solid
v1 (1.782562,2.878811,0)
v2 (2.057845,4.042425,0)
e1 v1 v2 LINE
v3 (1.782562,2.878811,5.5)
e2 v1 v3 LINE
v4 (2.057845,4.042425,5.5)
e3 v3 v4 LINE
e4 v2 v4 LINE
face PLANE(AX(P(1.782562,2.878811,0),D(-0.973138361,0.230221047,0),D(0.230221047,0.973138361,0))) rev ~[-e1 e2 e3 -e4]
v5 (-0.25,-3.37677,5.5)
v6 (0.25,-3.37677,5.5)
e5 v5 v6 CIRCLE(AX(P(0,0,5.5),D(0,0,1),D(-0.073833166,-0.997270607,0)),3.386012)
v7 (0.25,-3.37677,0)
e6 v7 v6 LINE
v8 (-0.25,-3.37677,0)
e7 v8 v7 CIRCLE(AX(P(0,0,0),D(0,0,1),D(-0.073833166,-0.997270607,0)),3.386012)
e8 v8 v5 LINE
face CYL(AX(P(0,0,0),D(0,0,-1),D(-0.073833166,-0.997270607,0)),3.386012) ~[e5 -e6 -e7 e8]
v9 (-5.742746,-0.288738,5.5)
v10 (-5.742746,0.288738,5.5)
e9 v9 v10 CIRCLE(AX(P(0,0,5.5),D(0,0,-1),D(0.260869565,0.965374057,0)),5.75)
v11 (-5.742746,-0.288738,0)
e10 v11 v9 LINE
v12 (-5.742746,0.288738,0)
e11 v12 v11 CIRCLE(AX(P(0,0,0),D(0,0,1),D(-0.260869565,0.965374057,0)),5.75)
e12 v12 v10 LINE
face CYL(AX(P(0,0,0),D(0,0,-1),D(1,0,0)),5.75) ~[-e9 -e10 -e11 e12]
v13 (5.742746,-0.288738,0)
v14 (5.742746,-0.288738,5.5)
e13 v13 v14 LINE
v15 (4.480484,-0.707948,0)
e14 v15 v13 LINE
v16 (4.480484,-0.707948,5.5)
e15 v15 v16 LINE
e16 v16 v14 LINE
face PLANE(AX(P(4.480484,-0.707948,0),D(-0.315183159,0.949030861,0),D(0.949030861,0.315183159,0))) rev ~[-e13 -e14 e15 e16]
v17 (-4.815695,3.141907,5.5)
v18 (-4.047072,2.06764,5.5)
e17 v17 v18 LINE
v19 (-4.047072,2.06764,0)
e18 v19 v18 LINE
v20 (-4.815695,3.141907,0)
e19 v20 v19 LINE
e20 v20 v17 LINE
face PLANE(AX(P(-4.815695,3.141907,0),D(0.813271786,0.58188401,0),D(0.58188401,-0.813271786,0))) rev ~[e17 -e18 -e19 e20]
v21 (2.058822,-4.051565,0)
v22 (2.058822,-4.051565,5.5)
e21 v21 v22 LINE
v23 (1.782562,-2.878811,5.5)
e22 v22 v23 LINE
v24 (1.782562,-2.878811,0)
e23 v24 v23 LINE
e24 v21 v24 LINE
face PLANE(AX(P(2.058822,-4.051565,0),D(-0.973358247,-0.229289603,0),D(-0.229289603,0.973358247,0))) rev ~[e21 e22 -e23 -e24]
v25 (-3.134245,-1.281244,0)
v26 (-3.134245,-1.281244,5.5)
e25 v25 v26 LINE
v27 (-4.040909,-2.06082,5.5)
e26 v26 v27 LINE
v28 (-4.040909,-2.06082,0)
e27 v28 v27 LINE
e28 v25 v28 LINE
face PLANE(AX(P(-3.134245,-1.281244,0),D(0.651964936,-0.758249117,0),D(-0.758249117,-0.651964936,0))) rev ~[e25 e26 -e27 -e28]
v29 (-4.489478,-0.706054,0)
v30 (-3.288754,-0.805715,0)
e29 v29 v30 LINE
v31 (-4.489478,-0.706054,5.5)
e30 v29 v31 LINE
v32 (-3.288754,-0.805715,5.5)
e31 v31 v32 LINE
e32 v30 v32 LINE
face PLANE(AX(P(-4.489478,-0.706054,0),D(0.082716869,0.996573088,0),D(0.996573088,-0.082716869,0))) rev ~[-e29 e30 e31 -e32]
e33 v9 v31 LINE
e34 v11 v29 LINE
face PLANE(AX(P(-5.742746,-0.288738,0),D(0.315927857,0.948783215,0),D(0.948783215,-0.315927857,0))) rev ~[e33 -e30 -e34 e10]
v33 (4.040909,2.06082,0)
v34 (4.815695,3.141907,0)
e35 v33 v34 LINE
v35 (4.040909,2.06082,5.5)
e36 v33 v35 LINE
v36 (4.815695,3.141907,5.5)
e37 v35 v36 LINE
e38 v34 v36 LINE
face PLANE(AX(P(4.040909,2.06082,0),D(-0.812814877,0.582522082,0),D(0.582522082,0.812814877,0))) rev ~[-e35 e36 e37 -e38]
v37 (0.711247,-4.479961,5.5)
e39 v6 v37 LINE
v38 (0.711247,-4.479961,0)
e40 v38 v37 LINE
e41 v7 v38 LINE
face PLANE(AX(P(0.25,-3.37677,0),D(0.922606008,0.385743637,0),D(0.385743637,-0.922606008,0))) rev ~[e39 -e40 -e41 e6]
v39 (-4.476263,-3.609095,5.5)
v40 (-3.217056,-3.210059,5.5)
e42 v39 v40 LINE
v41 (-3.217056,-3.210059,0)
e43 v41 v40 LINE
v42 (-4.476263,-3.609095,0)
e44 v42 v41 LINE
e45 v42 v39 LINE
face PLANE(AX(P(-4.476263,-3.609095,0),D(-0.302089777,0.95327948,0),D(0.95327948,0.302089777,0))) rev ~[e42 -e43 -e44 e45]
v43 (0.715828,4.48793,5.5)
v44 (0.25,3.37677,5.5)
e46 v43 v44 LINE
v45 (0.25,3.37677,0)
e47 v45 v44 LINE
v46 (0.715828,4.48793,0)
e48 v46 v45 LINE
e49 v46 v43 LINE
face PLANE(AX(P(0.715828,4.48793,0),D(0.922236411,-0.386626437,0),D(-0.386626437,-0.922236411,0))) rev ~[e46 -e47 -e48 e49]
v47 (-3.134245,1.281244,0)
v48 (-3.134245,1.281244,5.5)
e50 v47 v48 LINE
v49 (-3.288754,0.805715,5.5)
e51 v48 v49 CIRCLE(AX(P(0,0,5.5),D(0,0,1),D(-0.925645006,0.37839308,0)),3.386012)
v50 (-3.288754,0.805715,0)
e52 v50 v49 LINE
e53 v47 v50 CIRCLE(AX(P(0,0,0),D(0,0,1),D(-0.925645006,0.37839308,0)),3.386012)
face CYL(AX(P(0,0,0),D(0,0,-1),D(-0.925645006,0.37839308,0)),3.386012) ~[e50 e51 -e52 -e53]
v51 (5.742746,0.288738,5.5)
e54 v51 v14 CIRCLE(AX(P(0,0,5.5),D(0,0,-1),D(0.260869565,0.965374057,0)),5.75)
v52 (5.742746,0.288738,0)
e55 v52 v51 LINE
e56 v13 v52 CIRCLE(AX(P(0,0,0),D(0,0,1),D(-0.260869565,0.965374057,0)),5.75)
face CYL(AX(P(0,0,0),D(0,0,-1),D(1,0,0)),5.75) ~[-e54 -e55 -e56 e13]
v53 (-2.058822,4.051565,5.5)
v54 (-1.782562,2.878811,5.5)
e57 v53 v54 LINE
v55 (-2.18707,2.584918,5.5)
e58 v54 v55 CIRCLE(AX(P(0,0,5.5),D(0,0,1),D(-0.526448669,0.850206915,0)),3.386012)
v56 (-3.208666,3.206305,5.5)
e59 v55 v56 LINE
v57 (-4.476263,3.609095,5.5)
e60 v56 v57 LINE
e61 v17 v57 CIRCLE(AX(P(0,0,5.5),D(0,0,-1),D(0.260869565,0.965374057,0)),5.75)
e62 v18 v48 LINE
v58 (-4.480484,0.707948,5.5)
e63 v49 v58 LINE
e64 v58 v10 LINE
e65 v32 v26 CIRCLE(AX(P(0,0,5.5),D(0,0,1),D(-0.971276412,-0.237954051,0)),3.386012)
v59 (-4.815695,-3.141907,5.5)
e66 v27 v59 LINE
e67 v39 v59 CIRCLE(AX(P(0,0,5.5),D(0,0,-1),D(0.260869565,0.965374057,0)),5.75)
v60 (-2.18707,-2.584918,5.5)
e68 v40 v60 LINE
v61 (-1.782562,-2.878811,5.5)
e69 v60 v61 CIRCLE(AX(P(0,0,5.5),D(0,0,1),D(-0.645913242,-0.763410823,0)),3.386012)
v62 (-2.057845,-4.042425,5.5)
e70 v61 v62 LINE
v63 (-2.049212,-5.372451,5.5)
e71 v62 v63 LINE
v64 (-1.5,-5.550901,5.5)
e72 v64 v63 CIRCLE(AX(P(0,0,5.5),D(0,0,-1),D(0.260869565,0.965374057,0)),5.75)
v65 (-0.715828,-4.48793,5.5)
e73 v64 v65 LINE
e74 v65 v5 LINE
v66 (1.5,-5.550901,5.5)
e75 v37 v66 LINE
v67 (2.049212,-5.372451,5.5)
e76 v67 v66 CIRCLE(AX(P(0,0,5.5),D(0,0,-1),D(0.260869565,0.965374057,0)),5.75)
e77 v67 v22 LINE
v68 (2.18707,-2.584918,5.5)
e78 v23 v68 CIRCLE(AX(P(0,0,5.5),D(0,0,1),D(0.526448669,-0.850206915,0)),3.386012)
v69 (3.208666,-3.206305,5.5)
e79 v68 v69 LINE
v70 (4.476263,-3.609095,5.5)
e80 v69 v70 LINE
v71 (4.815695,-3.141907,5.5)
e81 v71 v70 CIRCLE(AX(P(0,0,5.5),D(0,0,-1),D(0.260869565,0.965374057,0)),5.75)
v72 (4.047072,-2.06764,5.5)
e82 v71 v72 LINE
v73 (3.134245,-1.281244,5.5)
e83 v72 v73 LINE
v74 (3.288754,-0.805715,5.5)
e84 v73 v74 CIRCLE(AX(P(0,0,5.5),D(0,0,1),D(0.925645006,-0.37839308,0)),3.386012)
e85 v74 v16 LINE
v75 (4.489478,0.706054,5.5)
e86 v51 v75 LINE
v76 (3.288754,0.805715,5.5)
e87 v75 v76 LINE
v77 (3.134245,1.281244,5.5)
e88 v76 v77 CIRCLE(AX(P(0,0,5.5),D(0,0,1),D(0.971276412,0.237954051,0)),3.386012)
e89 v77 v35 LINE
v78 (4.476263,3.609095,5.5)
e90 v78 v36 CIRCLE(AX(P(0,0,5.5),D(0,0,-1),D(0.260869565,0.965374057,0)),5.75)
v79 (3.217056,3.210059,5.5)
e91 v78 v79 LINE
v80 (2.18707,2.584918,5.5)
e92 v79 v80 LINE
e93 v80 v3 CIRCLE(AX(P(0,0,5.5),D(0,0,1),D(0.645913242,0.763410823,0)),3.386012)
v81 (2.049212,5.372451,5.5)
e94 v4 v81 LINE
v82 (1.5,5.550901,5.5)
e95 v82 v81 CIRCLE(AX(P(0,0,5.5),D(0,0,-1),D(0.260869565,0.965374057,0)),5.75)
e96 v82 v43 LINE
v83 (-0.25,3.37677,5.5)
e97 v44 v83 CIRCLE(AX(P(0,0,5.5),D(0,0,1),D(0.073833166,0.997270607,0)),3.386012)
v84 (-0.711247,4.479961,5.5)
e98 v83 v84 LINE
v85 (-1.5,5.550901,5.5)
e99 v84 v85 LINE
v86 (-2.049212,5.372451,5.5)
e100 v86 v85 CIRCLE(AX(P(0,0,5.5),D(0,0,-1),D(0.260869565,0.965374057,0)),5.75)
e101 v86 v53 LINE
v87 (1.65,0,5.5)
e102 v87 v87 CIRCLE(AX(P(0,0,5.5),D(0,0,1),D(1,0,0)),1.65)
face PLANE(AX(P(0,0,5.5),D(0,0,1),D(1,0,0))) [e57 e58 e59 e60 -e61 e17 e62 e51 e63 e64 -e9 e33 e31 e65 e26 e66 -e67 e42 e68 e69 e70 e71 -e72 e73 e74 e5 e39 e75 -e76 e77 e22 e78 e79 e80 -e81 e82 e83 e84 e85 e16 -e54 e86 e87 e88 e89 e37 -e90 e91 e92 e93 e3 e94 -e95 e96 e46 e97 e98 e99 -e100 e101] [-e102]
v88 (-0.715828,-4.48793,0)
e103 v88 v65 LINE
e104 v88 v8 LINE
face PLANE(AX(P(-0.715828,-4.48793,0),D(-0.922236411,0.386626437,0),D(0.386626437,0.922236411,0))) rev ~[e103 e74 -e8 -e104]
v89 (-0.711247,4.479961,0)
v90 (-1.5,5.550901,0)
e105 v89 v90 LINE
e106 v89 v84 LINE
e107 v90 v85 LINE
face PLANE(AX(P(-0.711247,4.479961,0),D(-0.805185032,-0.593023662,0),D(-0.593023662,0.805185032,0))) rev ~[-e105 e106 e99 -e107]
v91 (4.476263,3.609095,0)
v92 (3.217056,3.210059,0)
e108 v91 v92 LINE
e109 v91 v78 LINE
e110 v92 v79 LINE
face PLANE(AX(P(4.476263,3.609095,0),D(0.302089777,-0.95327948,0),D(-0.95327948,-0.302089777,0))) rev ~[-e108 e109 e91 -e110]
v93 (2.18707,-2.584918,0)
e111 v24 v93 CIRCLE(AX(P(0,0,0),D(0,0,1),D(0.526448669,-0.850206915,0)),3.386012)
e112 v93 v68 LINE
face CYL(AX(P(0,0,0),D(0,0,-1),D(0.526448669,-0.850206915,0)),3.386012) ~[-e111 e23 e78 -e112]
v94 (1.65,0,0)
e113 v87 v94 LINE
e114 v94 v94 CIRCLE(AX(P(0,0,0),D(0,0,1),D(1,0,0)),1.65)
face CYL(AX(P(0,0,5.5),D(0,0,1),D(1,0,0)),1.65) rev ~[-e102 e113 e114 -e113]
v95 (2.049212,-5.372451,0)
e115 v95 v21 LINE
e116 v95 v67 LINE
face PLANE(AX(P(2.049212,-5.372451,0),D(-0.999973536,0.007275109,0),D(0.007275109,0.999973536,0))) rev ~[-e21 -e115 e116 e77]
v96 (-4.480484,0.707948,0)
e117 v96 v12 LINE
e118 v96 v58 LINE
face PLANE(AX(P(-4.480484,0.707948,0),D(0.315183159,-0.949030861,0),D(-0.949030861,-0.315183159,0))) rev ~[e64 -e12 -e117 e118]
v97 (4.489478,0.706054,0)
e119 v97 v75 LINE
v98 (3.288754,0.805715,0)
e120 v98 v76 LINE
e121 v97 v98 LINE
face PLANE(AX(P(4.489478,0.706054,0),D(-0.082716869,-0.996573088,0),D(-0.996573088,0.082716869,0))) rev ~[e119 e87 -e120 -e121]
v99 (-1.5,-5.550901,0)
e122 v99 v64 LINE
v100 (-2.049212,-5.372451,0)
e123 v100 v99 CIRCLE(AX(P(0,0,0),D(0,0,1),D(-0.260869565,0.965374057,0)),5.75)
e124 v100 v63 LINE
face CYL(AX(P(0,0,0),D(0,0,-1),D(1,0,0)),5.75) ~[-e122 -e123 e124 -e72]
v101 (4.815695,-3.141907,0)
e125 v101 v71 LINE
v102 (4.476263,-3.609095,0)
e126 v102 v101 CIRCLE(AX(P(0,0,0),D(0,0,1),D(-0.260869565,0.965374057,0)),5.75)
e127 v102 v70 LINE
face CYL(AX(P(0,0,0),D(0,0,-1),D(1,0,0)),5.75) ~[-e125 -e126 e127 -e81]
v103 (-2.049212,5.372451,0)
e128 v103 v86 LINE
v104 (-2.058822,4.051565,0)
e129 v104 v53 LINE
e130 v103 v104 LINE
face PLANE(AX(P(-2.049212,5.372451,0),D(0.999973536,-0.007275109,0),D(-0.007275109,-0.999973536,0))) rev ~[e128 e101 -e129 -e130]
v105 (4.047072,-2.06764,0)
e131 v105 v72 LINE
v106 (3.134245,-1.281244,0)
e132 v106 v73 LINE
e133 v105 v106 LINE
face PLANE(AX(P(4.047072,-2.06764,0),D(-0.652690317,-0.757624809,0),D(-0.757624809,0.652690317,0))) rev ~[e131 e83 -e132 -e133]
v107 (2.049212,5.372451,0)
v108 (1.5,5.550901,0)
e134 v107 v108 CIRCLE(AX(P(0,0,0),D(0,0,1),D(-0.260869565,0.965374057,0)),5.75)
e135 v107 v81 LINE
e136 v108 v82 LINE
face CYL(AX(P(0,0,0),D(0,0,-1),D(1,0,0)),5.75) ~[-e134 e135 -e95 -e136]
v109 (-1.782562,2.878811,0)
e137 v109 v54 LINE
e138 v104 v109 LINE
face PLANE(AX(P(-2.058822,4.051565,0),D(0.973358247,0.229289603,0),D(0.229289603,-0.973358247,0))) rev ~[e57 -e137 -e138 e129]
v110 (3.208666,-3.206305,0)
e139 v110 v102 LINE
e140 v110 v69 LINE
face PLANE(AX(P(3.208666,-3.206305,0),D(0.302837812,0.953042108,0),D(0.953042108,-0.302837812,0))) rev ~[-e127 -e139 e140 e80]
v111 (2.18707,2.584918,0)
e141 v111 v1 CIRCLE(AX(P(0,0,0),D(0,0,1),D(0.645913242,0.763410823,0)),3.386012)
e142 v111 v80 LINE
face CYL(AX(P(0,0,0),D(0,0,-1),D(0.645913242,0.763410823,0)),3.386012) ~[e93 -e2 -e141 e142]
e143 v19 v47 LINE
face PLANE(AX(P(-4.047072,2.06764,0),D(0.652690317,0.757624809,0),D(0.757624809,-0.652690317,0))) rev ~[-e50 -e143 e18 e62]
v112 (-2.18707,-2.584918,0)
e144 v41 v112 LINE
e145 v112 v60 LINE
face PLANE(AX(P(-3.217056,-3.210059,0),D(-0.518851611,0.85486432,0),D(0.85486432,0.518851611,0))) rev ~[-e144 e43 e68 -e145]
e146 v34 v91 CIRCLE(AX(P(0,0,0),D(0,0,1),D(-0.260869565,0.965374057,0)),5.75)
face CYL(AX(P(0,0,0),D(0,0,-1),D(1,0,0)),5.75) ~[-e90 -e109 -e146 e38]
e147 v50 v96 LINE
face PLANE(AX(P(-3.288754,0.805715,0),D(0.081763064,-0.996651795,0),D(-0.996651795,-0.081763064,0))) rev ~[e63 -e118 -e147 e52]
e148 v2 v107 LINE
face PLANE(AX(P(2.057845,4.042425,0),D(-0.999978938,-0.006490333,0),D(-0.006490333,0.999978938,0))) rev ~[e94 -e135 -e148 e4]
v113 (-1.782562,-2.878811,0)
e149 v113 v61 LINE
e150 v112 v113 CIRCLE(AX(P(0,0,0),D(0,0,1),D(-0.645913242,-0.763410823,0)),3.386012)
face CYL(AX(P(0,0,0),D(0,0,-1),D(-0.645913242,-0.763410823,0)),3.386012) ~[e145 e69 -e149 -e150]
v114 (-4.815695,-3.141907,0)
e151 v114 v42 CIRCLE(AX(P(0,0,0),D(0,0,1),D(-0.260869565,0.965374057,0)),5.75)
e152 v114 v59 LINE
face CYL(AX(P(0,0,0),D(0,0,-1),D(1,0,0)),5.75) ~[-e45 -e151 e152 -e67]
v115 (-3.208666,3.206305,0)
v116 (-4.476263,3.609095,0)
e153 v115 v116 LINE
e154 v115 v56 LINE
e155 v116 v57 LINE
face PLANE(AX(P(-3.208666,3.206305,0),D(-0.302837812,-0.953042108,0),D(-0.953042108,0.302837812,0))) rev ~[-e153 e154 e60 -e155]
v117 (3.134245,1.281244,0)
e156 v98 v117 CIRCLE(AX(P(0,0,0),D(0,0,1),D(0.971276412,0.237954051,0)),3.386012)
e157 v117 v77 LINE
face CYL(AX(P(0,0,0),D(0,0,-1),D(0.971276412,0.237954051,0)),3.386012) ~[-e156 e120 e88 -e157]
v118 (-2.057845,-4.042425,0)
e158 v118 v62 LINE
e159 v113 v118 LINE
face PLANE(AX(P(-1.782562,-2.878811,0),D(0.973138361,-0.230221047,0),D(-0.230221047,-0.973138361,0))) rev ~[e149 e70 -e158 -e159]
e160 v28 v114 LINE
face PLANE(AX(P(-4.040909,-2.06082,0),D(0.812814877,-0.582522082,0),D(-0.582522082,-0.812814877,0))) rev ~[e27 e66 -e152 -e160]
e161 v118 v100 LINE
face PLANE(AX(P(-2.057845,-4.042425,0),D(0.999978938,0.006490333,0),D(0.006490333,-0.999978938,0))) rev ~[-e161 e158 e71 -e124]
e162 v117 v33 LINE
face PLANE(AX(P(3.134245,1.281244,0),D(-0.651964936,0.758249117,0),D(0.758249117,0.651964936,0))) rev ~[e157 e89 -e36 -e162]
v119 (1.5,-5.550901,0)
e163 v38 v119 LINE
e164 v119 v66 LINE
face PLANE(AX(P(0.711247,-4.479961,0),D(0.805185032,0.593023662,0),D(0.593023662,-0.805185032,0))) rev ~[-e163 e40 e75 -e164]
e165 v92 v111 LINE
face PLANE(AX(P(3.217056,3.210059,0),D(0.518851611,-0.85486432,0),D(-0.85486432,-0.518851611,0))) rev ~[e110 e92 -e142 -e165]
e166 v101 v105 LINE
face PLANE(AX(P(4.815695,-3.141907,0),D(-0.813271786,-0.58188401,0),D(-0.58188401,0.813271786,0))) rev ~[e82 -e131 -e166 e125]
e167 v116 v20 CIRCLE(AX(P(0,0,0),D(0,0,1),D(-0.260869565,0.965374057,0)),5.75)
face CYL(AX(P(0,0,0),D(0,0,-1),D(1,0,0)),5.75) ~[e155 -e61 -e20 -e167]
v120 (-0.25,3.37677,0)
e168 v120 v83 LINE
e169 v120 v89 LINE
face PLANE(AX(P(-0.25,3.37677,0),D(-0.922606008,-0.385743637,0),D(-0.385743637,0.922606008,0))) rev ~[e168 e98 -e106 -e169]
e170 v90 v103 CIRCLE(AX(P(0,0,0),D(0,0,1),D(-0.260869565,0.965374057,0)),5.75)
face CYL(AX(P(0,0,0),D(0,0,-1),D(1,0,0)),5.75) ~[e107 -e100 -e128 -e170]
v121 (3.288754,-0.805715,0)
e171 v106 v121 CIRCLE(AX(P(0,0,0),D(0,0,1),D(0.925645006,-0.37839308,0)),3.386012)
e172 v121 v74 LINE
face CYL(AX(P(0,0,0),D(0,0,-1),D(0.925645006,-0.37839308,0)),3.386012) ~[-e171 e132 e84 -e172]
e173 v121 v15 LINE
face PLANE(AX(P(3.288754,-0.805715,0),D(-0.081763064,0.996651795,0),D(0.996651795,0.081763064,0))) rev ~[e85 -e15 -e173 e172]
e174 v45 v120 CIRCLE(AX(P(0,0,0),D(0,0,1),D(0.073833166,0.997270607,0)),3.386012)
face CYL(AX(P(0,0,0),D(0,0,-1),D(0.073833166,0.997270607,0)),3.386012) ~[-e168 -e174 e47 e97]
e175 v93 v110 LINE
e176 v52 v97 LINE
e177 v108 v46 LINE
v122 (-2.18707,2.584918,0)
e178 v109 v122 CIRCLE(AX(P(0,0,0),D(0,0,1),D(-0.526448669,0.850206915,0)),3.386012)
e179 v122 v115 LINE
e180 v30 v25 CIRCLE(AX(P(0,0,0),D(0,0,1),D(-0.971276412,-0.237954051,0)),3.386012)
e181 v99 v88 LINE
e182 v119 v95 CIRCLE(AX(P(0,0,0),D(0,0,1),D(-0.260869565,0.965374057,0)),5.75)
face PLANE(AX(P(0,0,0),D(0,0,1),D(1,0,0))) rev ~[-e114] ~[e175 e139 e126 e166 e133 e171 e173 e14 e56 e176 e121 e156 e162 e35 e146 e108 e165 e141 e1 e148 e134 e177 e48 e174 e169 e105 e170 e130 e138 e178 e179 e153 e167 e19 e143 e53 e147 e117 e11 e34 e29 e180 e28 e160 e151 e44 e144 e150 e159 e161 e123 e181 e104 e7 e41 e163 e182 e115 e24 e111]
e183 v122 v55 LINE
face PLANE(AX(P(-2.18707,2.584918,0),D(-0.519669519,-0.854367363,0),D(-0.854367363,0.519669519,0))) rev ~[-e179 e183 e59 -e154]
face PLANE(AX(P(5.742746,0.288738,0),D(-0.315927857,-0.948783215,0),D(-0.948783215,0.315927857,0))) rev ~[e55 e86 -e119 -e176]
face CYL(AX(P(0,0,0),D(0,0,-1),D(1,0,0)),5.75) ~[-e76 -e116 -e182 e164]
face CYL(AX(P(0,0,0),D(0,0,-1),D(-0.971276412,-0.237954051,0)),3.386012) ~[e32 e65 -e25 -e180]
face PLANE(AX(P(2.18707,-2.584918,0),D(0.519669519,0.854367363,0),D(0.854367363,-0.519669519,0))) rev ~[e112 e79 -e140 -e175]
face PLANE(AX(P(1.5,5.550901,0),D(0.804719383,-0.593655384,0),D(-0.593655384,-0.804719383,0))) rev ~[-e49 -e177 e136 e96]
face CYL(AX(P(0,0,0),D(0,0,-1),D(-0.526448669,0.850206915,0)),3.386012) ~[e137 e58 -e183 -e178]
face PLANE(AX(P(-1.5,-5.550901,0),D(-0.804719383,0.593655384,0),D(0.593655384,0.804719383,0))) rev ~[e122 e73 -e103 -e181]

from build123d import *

# Parameters (mm, degrees)
SKETCH1_R           = 5.75
BOSS_EXTRUDE1_DEPTH = 5.5
SKETCH2_R           = 1.65
CUT_EXTRUDE1_DEPTH  = 5.5
CUT_EXTRUDE3_START  = -5.5
CUT_EXTRUDE3_DEPTH  = 5.5
CIRPATTERN2_COUNT   = 10


with BuildPart() as part:
    # Sketch1 → Boss-Extrude1 (new body)
    with BuildSketch(Plane.XY):
        Circle(SKETCH1_R)
    extrude(amount=BOSS_EXTRUDE1_DEPTH)

    # Sketch2 → Cut-Extrude1 (cut)
    with BuildSketch(Plane.XY.offset(5.5)):
        Circle(SKETCH2_R)
    extrude(amount=-CUT_EXTRUDE1_DEPTH, mode=Mode.SUBTRACT)

    # Sketch5 → Cut-Extrude3 (cut)
    with BuildSketch(Plane.XY.offset(5.5).offset(CUT_EXTRUDE3_START)):
        with BuildLine():
            Line((-0.25, 3.376770386), (-0.711246658, 4.479961461))
            Line((-0.711246658, 4.479961461), (-1.5, 5.550900828))
            ThreePointArc((-1.5, 5.550900828), (0, 5.75), (1.5, 5.550900828))
            Line((1.5, 5.550900828), (0.715828266, 4.487930272))
            Line((0.715828266, 4.487930272), (0.25, 3.376770386))
            ThreePointArc((0.25, 3.376770386), (0, 3.386012144), (-0.25, 3.376770386))
        make_face()
    cut_extrude3 = extrude(amount=CUT_EXTRUDE3_DEPTH, mode=Mode.SUBTRACT)

    # CirPattern2: Cut-Extrude3 ×10 about axis
    cirpattern2_axis = Axis((0, 0, 0), (0, 0, 1))
    for i in range(1, CIRPATTERN2_COUNT):
        add(cut_extrude3.rotate(cirpattern2_axis, i * 360 / CIRPATTERN2_COUNT), mode=Mode.SUBTRACT)


solid = part.part
